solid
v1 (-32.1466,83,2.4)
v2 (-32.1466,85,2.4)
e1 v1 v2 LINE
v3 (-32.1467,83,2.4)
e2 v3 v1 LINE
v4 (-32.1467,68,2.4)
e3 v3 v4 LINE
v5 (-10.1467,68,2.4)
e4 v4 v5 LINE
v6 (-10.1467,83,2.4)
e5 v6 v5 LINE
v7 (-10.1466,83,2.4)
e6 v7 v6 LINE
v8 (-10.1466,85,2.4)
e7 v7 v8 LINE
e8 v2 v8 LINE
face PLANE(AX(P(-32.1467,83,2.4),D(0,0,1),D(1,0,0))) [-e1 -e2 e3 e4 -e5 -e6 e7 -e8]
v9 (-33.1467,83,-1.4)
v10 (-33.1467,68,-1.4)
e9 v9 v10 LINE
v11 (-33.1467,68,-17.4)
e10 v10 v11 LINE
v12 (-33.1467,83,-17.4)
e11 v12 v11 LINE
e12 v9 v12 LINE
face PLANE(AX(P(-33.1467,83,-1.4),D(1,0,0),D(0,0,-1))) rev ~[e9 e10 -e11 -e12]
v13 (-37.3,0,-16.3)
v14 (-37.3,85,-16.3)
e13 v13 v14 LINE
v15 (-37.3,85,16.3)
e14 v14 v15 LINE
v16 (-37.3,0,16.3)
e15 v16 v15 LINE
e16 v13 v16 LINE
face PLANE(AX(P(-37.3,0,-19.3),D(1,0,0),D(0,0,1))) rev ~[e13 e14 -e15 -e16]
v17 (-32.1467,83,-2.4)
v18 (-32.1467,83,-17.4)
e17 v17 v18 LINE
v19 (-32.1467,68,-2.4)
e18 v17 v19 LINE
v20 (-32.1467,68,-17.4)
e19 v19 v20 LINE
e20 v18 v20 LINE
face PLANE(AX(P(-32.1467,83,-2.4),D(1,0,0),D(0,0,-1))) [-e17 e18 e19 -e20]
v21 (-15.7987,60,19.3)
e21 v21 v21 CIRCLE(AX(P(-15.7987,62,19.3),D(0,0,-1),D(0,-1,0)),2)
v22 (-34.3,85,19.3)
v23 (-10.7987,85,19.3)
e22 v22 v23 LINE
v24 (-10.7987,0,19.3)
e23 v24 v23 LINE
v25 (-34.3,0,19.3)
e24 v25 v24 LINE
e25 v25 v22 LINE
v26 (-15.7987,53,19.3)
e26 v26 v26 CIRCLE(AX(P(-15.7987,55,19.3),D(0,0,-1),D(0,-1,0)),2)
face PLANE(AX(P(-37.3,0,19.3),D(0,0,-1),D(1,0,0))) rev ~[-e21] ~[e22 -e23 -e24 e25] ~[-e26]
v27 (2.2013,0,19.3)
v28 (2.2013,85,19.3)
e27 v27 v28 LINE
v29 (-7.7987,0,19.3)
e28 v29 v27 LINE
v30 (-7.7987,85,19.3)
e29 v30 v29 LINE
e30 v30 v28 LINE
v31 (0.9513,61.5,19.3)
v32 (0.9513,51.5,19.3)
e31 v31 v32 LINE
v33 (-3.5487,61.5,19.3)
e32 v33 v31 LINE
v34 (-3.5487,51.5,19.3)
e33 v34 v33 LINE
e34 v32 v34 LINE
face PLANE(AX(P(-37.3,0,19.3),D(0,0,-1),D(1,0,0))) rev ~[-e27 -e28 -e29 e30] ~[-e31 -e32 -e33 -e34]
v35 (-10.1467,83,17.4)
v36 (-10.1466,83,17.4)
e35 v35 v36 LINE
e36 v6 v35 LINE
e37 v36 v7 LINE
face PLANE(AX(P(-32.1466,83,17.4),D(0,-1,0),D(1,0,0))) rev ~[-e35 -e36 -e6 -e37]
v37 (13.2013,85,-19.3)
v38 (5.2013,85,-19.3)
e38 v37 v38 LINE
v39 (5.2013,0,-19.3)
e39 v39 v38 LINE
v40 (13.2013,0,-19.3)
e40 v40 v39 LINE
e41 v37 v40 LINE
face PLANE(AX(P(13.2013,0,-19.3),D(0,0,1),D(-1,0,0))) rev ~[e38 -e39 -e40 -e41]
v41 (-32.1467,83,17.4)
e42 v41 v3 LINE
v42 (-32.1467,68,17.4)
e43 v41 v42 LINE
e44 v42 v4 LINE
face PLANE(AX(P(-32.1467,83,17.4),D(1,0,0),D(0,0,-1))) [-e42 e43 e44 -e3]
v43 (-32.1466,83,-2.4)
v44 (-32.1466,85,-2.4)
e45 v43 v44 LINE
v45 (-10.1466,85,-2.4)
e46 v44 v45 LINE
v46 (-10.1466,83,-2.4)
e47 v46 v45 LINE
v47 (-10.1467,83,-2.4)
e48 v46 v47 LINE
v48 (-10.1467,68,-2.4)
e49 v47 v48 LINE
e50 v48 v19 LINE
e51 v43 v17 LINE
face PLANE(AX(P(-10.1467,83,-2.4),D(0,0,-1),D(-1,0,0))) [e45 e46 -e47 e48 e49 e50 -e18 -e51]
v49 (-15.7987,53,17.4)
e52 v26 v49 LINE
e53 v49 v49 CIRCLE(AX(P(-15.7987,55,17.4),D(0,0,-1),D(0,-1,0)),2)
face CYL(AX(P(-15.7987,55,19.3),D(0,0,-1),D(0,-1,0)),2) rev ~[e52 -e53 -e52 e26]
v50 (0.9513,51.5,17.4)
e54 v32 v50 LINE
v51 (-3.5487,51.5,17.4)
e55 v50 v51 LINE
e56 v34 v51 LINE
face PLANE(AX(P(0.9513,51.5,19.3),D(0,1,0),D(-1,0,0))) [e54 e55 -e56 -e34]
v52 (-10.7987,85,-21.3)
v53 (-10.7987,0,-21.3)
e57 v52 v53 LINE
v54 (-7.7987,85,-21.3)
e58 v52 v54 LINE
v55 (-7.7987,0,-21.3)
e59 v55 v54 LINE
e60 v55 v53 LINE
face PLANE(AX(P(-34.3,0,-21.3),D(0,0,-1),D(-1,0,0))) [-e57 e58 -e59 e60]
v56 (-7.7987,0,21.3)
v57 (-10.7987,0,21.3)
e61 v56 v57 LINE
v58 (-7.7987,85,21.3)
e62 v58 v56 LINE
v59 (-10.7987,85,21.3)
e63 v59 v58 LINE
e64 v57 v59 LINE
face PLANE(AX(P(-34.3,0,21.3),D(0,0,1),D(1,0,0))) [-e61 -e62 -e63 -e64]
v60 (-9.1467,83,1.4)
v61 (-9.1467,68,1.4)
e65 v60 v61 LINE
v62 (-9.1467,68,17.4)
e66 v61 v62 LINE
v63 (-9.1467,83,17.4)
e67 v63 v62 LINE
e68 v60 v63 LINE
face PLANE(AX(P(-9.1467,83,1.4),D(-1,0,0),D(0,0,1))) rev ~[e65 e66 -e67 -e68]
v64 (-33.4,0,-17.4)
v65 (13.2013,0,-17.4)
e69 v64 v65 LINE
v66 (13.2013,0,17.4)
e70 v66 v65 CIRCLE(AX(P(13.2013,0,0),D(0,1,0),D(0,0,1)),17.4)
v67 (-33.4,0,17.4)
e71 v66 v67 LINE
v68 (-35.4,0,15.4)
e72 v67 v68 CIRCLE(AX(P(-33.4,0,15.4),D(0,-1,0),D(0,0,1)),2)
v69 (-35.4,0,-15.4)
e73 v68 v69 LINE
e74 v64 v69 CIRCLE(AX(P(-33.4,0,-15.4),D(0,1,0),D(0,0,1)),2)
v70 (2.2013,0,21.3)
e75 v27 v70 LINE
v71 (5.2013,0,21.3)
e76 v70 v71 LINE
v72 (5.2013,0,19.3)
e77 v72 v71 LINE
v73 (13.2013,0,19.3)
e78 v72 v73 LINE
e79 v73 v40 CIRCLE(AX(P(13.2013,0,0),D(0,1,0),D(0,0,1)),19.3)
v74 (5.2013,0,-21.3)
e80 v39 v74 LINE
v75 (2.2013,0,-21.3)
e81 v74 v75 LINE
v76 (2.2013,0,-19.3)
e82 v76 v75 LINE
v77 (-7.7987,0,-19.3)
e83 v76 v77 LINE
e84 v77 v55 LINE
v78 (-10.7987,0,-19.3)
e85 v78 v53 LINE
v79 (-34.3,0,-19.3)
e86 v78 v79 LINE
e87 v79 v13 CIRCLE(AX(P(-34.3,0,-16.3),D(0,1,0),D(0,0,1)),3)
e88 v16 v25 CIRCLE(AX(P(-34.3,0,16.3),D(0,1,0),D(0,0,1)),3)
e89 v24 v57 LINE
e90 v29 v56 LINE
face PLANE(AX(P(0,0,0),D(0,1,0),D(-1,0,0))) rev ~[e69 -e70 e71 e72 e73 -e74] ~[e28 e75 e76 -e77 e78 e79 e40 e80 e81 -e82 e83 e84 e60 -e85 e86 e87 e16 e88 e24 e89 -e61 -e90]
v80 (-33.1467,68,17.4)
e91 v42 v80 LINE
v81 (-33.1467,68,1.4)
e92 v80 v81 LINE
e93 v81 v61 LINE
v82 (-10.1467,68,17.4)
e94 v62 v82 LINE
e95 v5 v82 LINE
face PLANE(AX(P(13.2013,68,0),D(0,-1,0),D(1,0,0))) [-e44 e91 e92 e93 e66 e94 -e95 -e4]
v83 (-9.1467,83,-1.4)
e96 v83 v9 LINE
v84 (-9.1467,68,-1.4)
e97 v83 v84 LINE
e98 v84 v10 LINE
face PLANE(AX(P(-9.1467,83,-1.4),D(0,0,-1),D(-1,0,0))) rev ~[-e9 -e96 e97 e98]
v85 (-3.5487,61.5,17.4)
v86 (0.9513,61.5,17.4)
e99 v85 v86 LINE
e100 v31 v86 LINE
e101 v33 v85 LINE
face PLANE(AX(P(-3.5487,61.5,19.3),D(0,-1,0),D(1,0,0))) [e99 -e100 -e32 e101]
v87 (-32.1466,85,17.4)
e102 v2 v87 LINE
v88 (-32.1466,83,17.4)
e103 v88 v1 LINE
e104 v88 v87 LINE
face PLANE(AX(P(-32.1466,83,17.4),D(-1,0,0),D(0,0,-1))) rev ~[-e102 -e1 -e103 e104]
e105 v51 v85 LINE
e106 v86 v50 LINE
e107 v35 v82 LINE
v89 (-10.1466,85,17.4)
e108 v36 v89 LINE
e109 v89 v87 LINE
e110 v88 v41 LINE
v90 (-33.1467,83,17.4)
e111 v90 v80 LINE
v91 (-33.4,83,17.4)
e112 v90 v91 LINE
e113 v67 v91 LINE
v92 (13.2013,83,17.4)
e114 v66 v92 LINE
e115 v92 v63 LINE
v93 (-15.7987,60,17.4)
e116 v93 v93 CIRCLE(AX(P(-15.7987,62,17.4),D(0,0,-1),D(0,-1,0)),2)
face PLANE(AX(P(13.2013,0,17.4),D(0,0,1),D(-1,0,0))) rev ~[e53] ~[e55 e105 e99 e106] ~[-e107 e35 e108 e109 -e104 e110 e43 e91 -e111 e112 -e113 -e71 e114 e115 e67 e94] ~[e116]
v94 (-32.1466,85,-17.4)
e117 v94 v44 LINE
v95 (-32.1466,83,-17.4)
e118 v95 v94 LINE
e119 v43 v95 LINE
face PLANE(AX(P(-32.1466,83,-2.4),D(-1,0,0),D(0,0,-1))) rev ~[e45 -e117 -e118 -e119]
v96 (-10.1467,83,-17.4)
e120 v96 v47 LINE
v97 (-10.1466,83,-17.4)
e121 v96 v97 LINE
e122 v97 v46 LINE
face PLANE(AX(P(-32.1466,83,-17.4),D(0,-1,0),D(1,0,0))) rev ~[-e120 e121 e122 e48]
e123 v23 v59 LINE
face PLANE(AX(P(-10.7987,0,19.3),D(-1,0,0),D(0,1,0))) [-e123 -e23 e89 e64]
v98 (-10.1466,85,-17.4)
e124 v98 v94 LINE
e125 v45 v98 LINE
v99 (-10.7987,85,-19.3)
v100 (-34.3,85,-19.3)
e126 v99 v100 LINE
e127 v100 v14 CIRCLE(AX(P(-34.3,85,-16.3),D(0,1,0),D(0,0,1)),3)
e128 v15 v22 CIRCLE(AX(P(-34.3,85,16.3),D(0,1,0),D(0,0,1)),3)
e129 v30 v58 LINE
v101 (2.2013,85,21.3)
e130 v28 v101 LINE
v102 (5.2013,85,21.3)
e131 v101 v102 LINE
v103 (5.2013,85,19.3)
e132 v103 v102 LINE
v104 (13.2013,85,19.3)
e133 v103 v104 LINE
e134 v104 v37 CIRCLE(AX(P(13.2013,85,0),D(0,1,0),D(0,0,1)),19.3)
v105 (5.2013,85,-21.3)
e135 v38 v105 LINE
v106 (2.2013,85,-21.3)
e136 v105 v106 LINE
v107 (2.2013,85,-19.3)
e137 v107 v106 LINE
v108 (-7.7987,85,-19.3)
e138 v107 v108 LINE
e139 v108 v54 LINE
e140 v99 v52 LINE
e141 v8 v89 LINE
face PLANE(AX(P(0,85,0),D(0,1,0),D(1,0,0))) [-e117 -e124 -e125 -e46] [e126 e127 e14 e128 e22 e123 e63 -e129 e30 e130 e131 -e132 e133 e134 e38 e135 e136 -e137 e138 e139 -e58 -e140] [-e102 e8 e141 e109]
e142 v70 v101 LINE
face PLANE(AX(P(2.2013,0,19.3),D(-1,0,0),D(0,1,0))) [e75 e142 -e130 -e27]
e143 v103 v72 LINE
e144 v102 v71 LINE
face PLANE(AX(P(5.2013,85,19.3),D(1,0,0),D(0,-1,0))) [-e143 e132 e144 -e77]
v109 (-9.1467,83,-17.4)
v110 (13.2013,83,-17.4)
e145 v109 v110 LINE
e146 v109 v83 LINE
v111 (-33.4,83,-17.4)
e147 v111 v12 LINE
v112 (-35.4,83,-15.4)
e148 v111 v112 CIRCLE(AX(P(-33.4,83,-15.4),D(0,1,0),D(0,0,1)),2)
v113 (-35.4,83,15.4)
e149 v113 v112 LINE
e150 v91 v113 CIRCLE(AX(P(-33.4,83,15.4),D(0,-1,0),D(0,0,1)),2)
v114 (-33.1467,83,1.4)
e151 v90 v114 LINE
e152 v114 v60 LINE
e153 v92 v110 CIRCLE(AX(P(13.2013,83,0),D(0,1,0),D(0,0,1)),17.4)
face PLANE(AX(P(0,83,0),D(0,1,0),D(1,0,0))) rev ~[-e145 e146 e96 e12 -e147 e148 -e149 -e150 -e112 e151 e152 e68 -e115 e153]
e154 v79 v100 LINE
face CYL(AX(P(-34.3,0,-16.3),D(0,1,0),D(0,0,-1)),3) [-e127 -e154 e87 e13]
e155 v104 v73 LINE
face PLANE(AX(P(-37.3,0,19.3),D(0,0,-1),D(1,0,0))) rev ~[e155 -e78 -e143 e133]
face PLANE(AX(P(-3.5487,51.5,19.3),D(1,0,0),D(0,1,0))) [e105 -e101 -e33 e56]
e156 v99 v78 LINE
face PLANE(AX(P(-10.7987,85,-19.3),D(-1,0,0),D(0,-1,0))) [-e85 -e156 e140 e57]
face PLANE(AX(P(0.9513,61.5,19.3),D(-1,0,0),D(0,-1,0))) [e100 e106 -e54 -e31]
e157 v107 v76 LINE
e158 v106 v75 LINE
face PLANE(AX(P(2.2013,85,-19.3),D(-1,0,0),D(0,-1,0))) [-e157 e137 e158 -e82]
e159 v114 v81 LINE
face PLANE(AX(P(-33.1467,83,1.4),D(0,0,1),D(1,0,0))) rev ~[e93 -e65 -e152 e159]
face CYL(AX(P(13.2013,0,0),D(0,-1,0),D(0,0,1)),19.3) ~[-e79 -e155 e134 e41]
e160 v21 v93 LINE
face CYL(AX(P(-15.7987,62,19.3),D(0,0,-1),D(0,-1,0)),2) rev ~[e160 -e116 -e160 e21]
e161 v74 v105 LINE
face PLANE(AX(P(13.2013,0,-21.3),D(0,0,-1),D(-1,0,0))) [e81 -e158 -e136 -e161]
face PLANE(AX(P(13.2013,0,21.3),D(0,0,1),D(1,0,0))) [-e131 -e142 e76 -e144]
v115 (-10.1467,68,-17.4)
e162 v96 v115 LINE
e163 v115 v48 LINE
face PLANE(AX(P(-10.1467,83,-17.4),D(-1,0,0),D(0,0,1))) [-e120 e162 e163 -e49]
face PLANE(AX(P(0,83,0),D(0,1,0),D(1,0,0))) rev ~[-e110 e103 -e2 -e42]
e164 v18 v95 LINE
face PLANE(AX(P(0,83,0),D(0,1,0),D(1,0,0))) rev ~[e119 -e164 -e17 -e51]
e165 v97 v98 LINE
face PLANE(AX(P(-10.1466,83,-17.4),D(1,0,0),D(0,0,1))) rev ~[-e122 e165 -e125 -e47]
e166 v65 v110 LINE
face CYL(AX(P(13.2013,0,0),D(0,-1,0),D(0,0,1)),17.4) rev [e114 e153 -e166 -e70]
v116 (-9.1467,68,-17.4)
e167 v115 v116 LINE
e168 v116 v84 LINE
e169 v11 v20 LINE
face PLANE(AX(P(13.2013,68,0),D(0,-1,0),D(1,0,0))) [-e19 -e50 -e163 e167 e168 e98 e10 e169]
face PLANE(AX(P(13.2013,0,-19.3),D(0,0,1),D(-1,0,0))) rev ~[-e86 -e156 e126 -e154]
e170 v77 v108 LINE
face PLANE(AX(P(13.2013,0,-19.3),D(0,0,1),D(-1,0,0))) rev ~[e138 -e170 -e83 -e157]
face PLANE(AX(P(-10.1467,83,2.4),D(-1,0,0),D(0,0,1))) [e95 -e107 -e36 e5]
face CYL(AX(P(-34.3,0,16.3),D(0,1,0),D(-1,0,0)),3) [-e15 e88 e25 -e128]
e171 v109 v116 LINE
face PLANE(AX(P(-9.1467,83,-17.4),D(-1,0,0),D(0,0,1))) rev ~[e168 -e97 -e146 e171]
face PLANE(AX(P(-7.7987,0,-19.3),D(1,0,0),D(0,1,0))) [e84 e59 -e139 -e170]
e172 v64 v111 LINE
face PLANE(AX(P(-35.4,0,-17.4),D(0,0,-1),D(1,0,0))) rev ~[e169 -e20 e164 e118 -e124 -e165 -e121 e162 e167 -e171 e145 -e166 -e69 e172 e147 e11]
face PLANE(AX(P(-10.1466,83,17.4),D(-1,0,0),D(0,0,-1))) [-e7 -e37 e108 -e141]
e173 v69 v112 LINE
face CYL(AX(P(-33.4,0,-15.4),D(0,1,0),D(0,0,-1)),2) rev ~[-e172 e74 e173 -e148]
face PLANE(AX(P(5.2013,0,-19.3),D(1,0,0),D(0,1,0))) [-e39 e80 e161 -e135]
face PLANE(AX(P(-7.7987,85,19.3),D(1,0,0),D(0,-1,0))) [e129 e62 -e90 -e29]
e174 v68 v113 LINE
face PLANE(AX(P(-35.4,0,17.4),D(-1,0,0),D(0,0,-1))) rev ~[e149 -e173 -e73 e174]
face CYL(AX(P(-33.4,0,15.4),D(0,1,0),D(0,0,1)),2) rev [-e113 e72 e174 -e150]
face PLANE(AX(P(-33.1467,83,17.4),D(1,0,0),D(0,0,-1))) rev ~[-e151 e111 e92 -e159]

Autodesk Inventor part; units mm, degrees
ref_plane "YZ Plane" through (0, 0, 0) normal (1, 0, 0) x (0, 1, 0)
ref_plane "XZ Plane" through (0, 0, 0) normal (0, 1, 0) x (-1, 0, 0)
sketch "Sketch1" plane through (0, 0, 0) normal (0, 1, 0) x (-1, 0, 0)
  line L0 (35.4, 17.4) -> (35.4, -17.4)
  line L1 (35.4, -17.4) -> (-13.2013, -17.4)
  arc A0 (-13.2013, 17.4) -> (-13.2013, -17.4) centre (-13.2013, 0) ccw
  line L2 (-13.2013, 17.4) -> (35.4, 17.4)
  line L3 (37.3, -19.3) -> (37.3, 19.3)
  line L4 (37.3, 19.3) -> (-13.2013, 19.3)
  arc A1 (-13.2013, 19.3) -> (-13.2013, -19.3) centre (-13.2013, 0) ccw
  line L5 (-13.2013, -19.3) -> (37.3, -19.3)
  point P0 (0, 0)
  point P1 (-13.2013, 0)
  point P2 (0, 0)
  point P3 (-12.8411, -36.7096)
  point P4 (-12.8411, -7.716)
  point P5 (-24.0253, -72.4098)
extrude "Extrusion1" add sketch "Sketch1" along normal blind 83
ref_plane "Work Plane1" through (0, 85, 0) normal (0, 1, 0) x (1, 0, 0)
sketch "Sketch2" plane through (0, 85, 0) normal (0, 1, 0) x (1, 0, 0)
  line L0 (-37.3, 19.3) -> (-37.3, -19.3)
  line L1 (-37.3, -19.3) -> (13.2013, -19.3)
  arc A0 (13.2013, -19.3) -> (13.2013, 19.3) centre (13.2013, 0) ccw
  line L2 (13.2013, 19.3) -> (-37.3, 19.3)
  point P0 (0, 0)
  point P1 (0, 0)
  point P2 (13.2013, 0)
  point P3 (0, 0)
  point P4 (14.0497, 95.3418)
  point P5 (14.0497, 124.3354)
  point P6 (2.8654, 59.6417)
extrude "Extrusion2" add sketch "Sketch2" against normal up to surface (2 mm away)
fillet "Fillet1" radius 3 3 edges at (-37.3, 41.5, -19.3) (-37.3, 84, -19.3) (-37.3, 42.5, 19.3)
fillet "Fillet2" radius 2 2 edges at (-35.4, 41.5, -17.4) (-35.4, 41.5, 17.4)
sketch "Sketch3" plane through (13.2013, 0, -19.3) normal (0, 0, -1) x (-1, 0, 0)
  line L0 (0, 85) -> (47.5013, 85) projected
  line L1 (0, 0) -> (47.5013, 0) projected
  line L2 (8, 85) -> (11, 85)
  line L3 (11, 85) -> (11, 0)
  line L4 (11, 0) -> (8, 0)
  line L5 (8, 0) -> (8, 85)
  line L6 (0, 0) -> (0, 85) projected
  point P0 (8, 0)
  point P1 (11, 85)
  dimension "d28" = 3
  dimension "d29" = 8
extrude "Extrusion5" add sketch "Sketch3" along normal blind 2 contours L0 L3 L1 L5
sketch "Sketch8" plane through (-34.3, 0, -19.3) normal (0, 0, -1) x (-1, 0, 0)
  line L0 (0, 85) -> (-47.5013, 85) projected
  line L1 (-36.5013, 0) -> (0, 0) projected
  line L2 (-26.5013, 85) -> (-23.5013, 85)
  line L3 (-23.5013, 85) -> (-23.5013, 0)
  line L4 (-23.5013, 0) -> (-26.5013, 0)
  line L5 (-26.5013, 0) -> (-26.5013, 85)
  line L6 (-36.5013, 0) -> (-36.5013, 85) projected
  point P0 (-34.3, 0)
  point P1 (-26.5013, 0)
  dimension "d34" = 10
  dimension "d35" = 3
extrude "Extrusion6" add sketch "Sketch8" along normal blind 2 contours L3 L1 L5 L0
sketch "Sketch9" plane through (13.2013, 0, 19.3) normal (0, 0, 1) x (1, 0, 0)
  line L0 (-47.5013, 85) -> (0, 85) projected
  line L1 (-46.6013, 0) -> (0, 0) projected
  line L2 (-11, 85) -> (-8, 85)
  line L3 (-8, 85) -> (-8, 0)
  line L4 (-8, 0) -> (-11, 0)
  line L5 (-11, 0) -> (-11, 85)
  line L6 (0, 0) -> (0, 85) projected
  point P0 (-13.2013, 0)
  point P1 (-11, 0)
  dimension "d38" = 8
  dimension "d39" = 3
extrude "Extrusion7" add sketch "Sketch9" along normal blind 2 contours L0 L3 L1 L5
sketch "Sketch10" plane through (-34.3, 0, 19.3) normal (0, 0, 1) x (1, 0, 0)
  line L0 (47.5013, 0) -> (0.9, 0) projected
  line L1 (23.5013, 85) -> (0, 85) projected
  line L2 (26.5013, 0) -> (23.5013, 0)
  line L3 (23.5013, 0) -> (23.5013, 85)
  line L4 (23.5013, 85) -> (26.5013, 85)
  line L5 (26.5013, 85) -> (26.5013, 0)
  line L6 (36.5013, 85) -> (36.5013, 0) projected
  point P0 (34.3, 0)
  point P1 (23.5013, 0)
  dimension "d42" = 10
  dimension "d43" = 3
extrude "Extrusion8" add sketch "Sketch10" along normal blind 2
sketch "Sketch14" plane through (13.2013, 83, 0) normal (0, -1, 0) x (1, 0, 0)
  line L0 (-46.6013, -17.4) -> (0, -17.4) projected
  line L1 (-45.348, -17.4) -> (-23.348, -17.4)
  line L2 (-23.348, -17.4) -> (-23.348, -2.4)
  line L3 (-23.348, -2.4) -> (-45.348, -2.4)
  line L4 (-45.348, -2.4) -> (-45.348, -17.4)
  line L5 (-46.348, -17.4) -> (-22.348, -17.4)
  line L6 (-22.348, -17.4) -> (-22.348, -1.4)
  line L7 (-22.348, -1.4) -> (-46.348, -1.4)
  line L8 (-46.348, -1.4) -> (-46.348, -17.4)
  point P0 (-13.2013, 0)
  point P1 (-23.348, -17.4)
  point P2 (-22.348, -17.4)
  dimension "d50" = 22
  dimension "d51" = 15
  dimension "d52" = 1
  dimension "d53" = 1
  dimension "d54" = 1
extrude "Extrusion11" add sketch "Sketch14" along normal blind 15 contours L8 L7 L6 L0 L2 L3 L4
sketch "Sketch16" plane through (-32.1466, 83, -17.4) normal (0, -1, 0) x (1, 0, 0)
  line L0 (0, 0) -> (22, 0)
  line L1 (22, 0) -> (22, 15)
  line L2 (22, 15) -> (0, 15)
  line L3 (0, 15) -> (0, 0)
  line L4 (0, 15) -> (22, 15) projected
  line L5 (22, 15) -> (22, 0) projected
  point P0 (32.1466, 17.4)
  dimension "d57" = 0
  dimension "d58" = 0
extrude "Extrusion12" cut sketch "Sketch16" against normal through all
sketch "Sketch19" plane through (13.2013, 83, 0) normal (0, -1, 0) x (1, 0, 0)
  line L0 (0, 17.4) -> (-46.6013, 17.4) projected
  line L1 (-23.348, 17.4) -> (-45.348, 17.4)
  line L2 (-45.348, 17.4) -> (-45.348, 2.4)
  line L3 (-45.348, 2.4) -> (-23.348, 2.4)
  line L4 (-23.348, 2.4) -> (-23.348, 17.4)
  line L5 (-22.348, 17.4) -> (-46.348, 17.4)
  line L6 (-46.348, 17.4) -> (-46.348, 1.4)
  line L7 (-46.348, 1.4) -> (-22.348, 1.4)
  line L8 (-22.348, 1.4) -> (-22.348, 17.4)
  line L9 (-46.348, -1.4) -> (-46.348, -17.4) projected
  point P0 (-13.2013, 0)
  point P1 (-22.348, 9.4)
  dimension "d68" = 15
  dimension "d69" = 22
  dimension "d70" = 1
  dimension "d71" = 1
  dimension "d72" = 1
  dimension "d73" = 0
extrude "Extrusion15" add sketch "Sketch19" along normal blind 15 contours L8 L7 L6 L0 L2 L3 L4
sketch "Sketch22" plane through (-32.1466, 83, 17.4) normal (0, -1, 0) x (1, 0, 0)
  line L0 (22, -15) -> (0, -15) projected
  line L1 (0, 0) -> (0, -15) projected
  line L2 (22, -15) -> (0, -15)
  line L3 (0, -15) -> (0, 0)
  line L4 (0, 0) -> (22, 0)
  line L5 (22, 0) -> (22, -15)
  point P0 (32.1466, -17.4)
extrude "Extrusion16" cut sketch "Sketch22" against normal through all
sketch "Sketch28" plane through (2.2013, 0, 19.3) normal (0, 0, 1) x (1, 0, 0)
  line L0 (-5.75, 61.5) -> (-1.25, 61.5)
  line L1 (-1.25, 61.5) -> (-1.25, 51.5)
  line L2 (-1.25, 51.5) -> (-5.75, 51.5)
  line L3 (-5.75, 51.5) -> (-5.75, 61.5)
  line L4 (-10, 0) -> (0, 0) projected
  line L5 (11, 0) -> (11, 85) projected
  point P0 (-2.2013, 0)
  point P1 (-3.5, 61.5)
  point P2 (-3.5, 51.5)
  dimension "d106" = 61.5
  dimension "d107" = 10
  dimension "d108" = 4.5
  dimension "d109" = 12.25
extrude "Extrusion22" cut sketch "Sketch28" against normal up to surface (1.9 mm away)
sketch "Sketch31" plane through (-34.3, 0, 19.3) normal (0, 0, 1) x (1, 0, 0)
  line L0 (23.5013, 85) -> (23.5013, 0) projected
  line L1 (0, 85) -> (23.5013, 85) projected
  point P0 (34.3, 0)
  point P1 (18.5013, 62)
  dimension "d124" = 5
  dimension "d125" = 23
hole "Hole1" at (-15.7987, 62, 19.3) direction (0, 0, -1) diameter 4 depth 1.9
pattern_linear "Rectangular Pattern1" count 2 spacing 7 along (0, -1, 0) of "Hole1"
properties part number "víko"
